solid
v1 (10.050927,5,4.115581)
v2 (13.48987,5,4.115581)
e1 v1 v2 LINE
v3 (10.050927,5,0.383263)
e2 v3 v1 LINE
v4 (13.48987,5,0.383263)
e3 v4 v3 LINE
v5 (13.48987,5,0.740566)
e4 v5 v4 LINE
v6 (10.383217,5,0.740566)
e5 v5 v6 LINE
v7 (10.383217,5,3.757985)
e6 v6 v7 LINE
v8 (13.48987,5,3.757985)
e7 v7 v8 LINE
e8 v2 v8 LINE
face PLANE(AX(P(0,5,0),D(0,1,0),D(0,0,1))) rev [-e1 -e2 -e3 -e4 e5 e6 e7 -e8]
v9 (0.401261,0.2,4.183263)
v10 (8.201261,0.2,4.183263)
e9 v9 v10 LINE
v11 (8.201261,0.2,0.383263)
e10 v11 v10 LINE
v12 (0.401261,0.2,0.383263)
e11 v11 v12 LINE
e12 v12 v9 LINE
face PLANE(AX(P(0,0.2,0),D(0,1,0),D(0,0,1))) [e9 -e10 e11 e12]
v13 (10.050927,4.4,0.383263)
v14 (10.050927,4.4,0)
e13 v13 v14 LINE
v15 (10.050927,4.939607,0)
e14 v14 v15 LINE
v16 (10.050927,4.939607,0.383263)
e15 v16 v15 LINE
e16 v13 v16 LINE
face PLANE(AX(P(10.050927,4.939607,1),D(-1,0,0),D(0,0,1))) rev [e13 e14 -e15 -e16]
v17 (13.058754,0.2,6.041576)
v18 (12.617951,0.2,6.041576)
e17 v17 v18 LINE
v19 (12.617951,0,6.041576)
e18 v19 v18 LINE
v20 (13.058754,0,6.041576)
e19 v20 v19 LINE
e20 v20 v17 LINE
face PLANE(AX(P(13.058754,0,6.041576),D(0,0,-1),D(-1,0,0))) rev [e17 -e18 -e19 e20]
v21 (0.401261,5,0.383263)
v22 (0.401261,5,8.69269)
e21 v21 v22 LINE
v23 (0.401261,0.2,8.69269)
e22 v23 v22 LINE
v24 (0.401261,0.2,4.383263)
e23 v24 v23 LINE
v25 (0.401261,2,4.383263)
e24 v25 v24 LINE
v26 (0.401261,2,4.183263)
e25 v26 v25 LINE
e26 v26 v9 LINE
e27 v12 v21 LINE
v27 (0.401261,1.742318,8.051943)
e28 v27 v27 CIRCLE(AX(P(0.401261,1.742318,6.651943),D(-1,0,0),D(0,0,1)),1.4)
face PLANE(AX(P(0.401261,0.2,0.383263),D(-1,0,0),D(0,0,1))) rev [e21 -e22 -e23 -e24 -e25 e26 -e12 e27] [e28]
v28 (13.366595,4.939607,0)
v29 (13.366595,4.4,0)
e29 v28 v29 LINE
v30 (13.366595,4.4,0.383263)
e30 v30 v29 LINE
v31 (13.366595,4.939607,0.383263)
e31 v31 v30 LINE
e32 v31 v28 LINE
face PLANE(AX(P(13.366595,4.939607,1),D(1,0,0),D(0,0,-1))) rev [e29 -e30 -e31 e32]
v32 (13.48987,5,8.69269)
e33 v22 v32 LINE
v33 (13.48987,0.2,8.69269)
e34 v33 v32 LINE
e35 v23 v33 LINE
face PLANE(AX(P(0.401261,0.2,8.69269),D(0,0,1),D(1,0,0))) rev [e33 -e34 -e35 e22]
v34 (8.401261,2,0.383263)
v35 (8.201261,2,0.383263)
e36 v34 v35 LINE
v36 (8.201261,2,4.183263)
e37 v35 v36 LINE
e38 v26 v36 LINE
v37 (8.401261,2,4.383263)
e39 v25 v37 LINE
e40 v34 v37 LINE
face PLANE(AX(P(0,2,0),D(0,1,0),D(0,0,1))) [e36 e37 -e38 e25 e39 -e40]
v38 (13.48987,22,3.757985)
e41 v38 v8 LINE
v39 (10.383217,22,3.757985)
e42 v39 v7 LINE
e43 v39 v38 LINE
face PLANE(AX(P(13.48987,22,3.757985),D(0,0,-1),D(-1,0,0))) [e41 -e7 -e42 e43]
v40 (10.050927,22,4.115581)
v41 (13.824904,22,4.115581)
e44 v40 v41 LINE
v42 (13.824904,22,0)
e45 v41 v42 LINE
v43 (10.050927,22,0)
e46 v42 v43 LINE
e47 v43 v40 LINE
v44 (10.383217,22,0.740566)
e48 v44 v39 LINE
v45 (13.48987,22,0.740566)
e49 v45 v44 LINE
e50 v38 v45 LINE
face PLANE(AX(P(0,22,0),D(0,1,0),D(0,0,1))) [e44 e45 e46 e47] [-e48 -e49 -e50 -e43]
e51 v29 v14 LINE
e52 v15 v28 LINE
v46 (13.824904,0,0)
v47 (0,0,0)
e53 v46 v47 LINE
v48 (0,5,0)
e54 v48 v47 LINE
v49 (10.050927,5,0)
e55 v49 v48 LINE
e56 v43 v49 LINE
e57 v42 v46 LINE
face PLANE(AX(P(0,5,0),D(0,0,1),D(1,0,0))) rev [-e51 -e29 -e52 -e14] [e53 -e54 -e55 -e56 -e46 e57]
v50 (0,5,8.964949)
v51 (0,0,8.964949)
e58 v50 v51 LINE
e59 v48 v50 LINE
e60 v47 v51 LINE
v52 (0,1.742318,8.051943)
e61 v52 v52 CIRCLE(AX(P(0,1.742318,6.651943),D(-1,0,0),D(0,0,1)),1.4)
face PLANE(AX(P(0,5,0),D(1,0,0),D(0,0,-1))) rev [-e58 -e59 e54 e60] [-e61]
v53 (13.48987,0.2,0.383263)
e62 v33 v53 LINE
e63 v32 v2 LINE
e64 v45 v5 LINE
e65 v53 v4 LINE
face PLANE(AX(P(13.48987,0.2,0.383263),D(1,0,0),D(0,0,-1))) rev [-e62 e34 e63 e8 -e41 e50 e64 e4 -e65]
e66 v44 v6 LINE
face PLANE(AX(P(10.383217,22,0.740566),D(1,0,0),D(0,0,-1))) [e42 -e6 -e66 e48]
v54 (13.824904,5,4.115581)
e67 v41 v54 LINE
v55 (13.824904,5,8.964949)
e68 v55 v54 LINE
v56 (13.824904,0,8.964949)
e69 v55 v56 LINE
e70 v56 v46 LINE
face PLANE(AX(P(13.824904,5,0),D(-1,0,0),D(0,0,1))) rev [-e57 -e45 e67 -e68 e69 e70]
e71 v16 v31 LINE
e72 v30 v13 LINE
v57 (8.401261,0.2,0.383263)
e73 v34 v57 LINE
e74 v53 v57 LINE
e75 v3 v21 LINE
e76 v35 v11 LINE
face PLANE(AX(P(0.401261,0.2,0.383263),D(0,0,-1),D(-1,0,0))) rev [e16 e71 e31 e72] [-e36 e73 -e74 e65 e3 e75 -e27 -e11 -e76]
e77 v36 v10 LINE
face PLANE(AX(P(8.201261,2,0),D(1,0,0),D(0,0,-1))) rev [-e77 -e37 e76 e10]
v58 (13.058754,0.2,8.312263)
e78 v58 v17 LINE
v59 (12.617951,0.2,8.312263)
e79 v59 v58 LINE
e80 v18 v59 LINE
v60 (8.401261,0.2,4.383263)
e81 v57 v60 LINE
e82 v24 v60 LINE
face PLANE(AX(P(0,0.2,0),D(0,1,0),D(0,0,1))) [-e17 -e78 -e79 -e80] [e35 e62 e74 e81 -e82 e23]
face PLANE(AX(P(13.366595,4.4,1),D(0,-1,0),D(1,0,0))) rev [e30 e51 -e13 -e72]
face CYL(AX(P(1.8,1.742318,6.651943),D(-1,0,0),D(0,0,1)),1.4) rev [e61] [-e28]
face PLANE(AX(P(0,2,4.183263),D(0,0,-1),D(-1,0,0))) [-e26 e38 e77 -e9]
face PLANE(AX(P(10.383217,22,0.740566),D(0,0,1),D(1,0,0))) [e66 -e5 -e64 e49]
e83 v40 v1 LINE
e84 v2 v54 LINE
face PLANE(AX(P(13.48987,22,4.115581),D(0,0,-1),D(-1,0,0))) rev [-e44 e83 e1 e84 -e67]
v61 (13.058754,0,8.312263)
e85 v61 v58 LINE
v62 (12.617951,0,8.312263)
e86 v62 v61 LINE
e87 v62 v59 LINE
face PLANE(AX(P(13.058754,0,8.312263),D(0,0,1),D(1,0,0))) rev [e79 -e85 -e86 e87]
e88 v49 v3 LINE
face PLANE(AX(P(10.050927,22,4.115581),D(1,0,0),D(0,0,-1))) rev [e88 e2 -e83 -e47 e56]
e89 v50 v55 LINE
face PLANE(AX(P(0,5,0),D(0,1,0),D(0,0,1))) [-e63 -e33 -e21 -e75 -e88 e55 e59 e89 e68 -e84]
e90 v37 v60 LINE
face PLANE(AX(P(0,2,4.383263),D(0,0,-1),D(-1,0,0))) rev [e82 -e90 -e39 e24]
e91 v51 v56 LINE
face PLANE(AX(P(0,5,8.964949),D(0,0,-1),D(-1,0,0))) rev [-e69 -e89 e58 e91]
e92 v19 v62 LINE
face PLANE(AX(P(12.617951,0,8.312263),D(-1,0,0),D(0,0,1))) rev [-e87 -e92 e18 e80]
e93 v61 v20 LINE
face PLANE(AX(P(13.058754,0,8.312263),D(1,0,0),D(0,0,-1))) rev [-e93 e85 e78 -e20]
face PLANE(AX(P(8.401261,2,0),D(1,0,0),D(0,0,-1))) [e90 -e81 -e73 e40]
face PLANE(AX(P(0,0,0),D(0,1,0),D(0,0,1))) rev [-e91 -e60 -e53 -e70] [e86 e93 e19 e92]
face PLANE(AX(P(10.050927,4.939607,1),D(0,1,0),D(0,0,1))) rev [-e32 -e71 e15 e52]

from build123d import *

# Parameters (mm, degrees)
SKETCH1_W           = 13.824903871
SKETCH1_H           = 8.964949161
BOSS_EXTRUDE1_DEPTH = 5
SKETCH2_W           = 13.088608924
SKETCH2_H           = 8.309427022
CUT_EXTRUDE1_DEPTH  = 4.8
BOSS_EXTRUDE2_DEPTH = 1.8
SKETCH4_R           = 1.4
CUT_EXTRUDE3_DEPTH  = 1.8
SKETCH7_W           = 0.440803266
SKETCH7_H           = 2.270686526
CUT_EXTRUDE4_DEPTH  = 18.162117599
SKETCH9_W           = 3.10665333
SKETCH9_H           = 3.017419
BOSS_EXTRUDE3_DEPTH = 17
SKETCH11_W          = 3.315667702
SKETCH11_H          = 0.539606784
CUT_EXTRUDE11_DEPTH = 1


with BuildPart() as part:
    # Sketch1 → Boss-Extrude1 (new body)
    with BuildSketch(Plane(origin=(0, 0, 0), x_dir=(1, 0, 0), z_dir=(0, 1, 0))):
        with Locations((6.912451936, -4.48247458)):
            Rectangle(SKETCH1_W, SKETCH1_H)
    extrude(amount=BOSS_EXTRUDE1_DEPTH)

    # Sketch2 → Cut-Extrude1 (cut)
    with BuildSketch(Plane(origin=(0, 5, 0), x_dir=(1, 0, 0), z_dir=(0, 1, 0))):
        with Locations((6.945565783, -4.53797661)):
            Rectangle(SKETCH2_W, SKETCH2_H)
    extrude(amount=-CUT_EXTRUDE1_DEPTH, mode=Mode.SUBTRACT)

    # Sketch3 → Boss-Extrude2 (add)
    with BuildSketch(Plane(origin=(0, 0.2, 0), x_dir=(1, 0, 0), z_dir=(0, 1, 0))):
        Polygon((8.401261321, -0.383263099), (8.201261321, -0.383263099), (8.201261321, -4.183263099), (0.401261321, -4.183263099), (0.401261321, -4.383263099), (8.401261321, -4.383263099), align=None)
    extrude(amount=BOSS_EXTRUDE2_DEPTH)

    # Sketch4 → Cut-Extrude3 (cut)
    with BuildSketch(Plane.ZY):
        with Locations((6.651943346, 1.742318178)):
            Circle(SKETCH4_R)
    extrude(amount=-CUT_EXTRUDE3_DEPTH, mode=Mode.SUBTRACT)

    # Sketch7 → Cut-Extrude4 (cut, through all)
    with BuildSketch(Plane(origin=(0, 0.2, 0), x_dir=(1, 0, 0), z_dir=(0, 1, 0))):
        with Locations((12.838352813, -7.176919556)):
            Rectangle(SKETCH7_W, SKETCH7_H)
    extrude(amount=-CUT_EXTRUDE4_DEPTH, mode=Mode.SUBTRACT)

    # Sketch9 → Boss-Extrude3 (add)
    with BuildSketch(Plane(origin=(0, 5, 0), x_dir=(1, 0, 0), z_dir=(0, 1, 0))):
        Polygon((13.489870245, -4.115580834), (10.0509272, -4.115580834), (10.0509272, -0.383263099), (10.0509272, 0), (13.824903871, 0), (13.824903871, -4.115580834), align=None)
        with Locations((11.93654358, -2.24927503)):
            Rectangle(SKETCH9_W, SKETCH9_H, mode=Mode.SUBTRACT)
    extrude(amount=BOSS_EXTRUDE3_DEPTH)

    # Sketch11 → Cut-Extrude11 (cut)
    with BuildSketch(Plane(origin=(0, 0, 0), x_dir=(-1, 0, 0), z_dir=(0, 0, -1))):
        with Locations((-11.708761051, 4.669803392)):
            Rectangle(SKETCH11_W, SKETCH11_H)
    extrude(amount=-CUT_EXTRUDE11_DEPTH, mode=Mode.SUBTRACT)


solid = part.part
